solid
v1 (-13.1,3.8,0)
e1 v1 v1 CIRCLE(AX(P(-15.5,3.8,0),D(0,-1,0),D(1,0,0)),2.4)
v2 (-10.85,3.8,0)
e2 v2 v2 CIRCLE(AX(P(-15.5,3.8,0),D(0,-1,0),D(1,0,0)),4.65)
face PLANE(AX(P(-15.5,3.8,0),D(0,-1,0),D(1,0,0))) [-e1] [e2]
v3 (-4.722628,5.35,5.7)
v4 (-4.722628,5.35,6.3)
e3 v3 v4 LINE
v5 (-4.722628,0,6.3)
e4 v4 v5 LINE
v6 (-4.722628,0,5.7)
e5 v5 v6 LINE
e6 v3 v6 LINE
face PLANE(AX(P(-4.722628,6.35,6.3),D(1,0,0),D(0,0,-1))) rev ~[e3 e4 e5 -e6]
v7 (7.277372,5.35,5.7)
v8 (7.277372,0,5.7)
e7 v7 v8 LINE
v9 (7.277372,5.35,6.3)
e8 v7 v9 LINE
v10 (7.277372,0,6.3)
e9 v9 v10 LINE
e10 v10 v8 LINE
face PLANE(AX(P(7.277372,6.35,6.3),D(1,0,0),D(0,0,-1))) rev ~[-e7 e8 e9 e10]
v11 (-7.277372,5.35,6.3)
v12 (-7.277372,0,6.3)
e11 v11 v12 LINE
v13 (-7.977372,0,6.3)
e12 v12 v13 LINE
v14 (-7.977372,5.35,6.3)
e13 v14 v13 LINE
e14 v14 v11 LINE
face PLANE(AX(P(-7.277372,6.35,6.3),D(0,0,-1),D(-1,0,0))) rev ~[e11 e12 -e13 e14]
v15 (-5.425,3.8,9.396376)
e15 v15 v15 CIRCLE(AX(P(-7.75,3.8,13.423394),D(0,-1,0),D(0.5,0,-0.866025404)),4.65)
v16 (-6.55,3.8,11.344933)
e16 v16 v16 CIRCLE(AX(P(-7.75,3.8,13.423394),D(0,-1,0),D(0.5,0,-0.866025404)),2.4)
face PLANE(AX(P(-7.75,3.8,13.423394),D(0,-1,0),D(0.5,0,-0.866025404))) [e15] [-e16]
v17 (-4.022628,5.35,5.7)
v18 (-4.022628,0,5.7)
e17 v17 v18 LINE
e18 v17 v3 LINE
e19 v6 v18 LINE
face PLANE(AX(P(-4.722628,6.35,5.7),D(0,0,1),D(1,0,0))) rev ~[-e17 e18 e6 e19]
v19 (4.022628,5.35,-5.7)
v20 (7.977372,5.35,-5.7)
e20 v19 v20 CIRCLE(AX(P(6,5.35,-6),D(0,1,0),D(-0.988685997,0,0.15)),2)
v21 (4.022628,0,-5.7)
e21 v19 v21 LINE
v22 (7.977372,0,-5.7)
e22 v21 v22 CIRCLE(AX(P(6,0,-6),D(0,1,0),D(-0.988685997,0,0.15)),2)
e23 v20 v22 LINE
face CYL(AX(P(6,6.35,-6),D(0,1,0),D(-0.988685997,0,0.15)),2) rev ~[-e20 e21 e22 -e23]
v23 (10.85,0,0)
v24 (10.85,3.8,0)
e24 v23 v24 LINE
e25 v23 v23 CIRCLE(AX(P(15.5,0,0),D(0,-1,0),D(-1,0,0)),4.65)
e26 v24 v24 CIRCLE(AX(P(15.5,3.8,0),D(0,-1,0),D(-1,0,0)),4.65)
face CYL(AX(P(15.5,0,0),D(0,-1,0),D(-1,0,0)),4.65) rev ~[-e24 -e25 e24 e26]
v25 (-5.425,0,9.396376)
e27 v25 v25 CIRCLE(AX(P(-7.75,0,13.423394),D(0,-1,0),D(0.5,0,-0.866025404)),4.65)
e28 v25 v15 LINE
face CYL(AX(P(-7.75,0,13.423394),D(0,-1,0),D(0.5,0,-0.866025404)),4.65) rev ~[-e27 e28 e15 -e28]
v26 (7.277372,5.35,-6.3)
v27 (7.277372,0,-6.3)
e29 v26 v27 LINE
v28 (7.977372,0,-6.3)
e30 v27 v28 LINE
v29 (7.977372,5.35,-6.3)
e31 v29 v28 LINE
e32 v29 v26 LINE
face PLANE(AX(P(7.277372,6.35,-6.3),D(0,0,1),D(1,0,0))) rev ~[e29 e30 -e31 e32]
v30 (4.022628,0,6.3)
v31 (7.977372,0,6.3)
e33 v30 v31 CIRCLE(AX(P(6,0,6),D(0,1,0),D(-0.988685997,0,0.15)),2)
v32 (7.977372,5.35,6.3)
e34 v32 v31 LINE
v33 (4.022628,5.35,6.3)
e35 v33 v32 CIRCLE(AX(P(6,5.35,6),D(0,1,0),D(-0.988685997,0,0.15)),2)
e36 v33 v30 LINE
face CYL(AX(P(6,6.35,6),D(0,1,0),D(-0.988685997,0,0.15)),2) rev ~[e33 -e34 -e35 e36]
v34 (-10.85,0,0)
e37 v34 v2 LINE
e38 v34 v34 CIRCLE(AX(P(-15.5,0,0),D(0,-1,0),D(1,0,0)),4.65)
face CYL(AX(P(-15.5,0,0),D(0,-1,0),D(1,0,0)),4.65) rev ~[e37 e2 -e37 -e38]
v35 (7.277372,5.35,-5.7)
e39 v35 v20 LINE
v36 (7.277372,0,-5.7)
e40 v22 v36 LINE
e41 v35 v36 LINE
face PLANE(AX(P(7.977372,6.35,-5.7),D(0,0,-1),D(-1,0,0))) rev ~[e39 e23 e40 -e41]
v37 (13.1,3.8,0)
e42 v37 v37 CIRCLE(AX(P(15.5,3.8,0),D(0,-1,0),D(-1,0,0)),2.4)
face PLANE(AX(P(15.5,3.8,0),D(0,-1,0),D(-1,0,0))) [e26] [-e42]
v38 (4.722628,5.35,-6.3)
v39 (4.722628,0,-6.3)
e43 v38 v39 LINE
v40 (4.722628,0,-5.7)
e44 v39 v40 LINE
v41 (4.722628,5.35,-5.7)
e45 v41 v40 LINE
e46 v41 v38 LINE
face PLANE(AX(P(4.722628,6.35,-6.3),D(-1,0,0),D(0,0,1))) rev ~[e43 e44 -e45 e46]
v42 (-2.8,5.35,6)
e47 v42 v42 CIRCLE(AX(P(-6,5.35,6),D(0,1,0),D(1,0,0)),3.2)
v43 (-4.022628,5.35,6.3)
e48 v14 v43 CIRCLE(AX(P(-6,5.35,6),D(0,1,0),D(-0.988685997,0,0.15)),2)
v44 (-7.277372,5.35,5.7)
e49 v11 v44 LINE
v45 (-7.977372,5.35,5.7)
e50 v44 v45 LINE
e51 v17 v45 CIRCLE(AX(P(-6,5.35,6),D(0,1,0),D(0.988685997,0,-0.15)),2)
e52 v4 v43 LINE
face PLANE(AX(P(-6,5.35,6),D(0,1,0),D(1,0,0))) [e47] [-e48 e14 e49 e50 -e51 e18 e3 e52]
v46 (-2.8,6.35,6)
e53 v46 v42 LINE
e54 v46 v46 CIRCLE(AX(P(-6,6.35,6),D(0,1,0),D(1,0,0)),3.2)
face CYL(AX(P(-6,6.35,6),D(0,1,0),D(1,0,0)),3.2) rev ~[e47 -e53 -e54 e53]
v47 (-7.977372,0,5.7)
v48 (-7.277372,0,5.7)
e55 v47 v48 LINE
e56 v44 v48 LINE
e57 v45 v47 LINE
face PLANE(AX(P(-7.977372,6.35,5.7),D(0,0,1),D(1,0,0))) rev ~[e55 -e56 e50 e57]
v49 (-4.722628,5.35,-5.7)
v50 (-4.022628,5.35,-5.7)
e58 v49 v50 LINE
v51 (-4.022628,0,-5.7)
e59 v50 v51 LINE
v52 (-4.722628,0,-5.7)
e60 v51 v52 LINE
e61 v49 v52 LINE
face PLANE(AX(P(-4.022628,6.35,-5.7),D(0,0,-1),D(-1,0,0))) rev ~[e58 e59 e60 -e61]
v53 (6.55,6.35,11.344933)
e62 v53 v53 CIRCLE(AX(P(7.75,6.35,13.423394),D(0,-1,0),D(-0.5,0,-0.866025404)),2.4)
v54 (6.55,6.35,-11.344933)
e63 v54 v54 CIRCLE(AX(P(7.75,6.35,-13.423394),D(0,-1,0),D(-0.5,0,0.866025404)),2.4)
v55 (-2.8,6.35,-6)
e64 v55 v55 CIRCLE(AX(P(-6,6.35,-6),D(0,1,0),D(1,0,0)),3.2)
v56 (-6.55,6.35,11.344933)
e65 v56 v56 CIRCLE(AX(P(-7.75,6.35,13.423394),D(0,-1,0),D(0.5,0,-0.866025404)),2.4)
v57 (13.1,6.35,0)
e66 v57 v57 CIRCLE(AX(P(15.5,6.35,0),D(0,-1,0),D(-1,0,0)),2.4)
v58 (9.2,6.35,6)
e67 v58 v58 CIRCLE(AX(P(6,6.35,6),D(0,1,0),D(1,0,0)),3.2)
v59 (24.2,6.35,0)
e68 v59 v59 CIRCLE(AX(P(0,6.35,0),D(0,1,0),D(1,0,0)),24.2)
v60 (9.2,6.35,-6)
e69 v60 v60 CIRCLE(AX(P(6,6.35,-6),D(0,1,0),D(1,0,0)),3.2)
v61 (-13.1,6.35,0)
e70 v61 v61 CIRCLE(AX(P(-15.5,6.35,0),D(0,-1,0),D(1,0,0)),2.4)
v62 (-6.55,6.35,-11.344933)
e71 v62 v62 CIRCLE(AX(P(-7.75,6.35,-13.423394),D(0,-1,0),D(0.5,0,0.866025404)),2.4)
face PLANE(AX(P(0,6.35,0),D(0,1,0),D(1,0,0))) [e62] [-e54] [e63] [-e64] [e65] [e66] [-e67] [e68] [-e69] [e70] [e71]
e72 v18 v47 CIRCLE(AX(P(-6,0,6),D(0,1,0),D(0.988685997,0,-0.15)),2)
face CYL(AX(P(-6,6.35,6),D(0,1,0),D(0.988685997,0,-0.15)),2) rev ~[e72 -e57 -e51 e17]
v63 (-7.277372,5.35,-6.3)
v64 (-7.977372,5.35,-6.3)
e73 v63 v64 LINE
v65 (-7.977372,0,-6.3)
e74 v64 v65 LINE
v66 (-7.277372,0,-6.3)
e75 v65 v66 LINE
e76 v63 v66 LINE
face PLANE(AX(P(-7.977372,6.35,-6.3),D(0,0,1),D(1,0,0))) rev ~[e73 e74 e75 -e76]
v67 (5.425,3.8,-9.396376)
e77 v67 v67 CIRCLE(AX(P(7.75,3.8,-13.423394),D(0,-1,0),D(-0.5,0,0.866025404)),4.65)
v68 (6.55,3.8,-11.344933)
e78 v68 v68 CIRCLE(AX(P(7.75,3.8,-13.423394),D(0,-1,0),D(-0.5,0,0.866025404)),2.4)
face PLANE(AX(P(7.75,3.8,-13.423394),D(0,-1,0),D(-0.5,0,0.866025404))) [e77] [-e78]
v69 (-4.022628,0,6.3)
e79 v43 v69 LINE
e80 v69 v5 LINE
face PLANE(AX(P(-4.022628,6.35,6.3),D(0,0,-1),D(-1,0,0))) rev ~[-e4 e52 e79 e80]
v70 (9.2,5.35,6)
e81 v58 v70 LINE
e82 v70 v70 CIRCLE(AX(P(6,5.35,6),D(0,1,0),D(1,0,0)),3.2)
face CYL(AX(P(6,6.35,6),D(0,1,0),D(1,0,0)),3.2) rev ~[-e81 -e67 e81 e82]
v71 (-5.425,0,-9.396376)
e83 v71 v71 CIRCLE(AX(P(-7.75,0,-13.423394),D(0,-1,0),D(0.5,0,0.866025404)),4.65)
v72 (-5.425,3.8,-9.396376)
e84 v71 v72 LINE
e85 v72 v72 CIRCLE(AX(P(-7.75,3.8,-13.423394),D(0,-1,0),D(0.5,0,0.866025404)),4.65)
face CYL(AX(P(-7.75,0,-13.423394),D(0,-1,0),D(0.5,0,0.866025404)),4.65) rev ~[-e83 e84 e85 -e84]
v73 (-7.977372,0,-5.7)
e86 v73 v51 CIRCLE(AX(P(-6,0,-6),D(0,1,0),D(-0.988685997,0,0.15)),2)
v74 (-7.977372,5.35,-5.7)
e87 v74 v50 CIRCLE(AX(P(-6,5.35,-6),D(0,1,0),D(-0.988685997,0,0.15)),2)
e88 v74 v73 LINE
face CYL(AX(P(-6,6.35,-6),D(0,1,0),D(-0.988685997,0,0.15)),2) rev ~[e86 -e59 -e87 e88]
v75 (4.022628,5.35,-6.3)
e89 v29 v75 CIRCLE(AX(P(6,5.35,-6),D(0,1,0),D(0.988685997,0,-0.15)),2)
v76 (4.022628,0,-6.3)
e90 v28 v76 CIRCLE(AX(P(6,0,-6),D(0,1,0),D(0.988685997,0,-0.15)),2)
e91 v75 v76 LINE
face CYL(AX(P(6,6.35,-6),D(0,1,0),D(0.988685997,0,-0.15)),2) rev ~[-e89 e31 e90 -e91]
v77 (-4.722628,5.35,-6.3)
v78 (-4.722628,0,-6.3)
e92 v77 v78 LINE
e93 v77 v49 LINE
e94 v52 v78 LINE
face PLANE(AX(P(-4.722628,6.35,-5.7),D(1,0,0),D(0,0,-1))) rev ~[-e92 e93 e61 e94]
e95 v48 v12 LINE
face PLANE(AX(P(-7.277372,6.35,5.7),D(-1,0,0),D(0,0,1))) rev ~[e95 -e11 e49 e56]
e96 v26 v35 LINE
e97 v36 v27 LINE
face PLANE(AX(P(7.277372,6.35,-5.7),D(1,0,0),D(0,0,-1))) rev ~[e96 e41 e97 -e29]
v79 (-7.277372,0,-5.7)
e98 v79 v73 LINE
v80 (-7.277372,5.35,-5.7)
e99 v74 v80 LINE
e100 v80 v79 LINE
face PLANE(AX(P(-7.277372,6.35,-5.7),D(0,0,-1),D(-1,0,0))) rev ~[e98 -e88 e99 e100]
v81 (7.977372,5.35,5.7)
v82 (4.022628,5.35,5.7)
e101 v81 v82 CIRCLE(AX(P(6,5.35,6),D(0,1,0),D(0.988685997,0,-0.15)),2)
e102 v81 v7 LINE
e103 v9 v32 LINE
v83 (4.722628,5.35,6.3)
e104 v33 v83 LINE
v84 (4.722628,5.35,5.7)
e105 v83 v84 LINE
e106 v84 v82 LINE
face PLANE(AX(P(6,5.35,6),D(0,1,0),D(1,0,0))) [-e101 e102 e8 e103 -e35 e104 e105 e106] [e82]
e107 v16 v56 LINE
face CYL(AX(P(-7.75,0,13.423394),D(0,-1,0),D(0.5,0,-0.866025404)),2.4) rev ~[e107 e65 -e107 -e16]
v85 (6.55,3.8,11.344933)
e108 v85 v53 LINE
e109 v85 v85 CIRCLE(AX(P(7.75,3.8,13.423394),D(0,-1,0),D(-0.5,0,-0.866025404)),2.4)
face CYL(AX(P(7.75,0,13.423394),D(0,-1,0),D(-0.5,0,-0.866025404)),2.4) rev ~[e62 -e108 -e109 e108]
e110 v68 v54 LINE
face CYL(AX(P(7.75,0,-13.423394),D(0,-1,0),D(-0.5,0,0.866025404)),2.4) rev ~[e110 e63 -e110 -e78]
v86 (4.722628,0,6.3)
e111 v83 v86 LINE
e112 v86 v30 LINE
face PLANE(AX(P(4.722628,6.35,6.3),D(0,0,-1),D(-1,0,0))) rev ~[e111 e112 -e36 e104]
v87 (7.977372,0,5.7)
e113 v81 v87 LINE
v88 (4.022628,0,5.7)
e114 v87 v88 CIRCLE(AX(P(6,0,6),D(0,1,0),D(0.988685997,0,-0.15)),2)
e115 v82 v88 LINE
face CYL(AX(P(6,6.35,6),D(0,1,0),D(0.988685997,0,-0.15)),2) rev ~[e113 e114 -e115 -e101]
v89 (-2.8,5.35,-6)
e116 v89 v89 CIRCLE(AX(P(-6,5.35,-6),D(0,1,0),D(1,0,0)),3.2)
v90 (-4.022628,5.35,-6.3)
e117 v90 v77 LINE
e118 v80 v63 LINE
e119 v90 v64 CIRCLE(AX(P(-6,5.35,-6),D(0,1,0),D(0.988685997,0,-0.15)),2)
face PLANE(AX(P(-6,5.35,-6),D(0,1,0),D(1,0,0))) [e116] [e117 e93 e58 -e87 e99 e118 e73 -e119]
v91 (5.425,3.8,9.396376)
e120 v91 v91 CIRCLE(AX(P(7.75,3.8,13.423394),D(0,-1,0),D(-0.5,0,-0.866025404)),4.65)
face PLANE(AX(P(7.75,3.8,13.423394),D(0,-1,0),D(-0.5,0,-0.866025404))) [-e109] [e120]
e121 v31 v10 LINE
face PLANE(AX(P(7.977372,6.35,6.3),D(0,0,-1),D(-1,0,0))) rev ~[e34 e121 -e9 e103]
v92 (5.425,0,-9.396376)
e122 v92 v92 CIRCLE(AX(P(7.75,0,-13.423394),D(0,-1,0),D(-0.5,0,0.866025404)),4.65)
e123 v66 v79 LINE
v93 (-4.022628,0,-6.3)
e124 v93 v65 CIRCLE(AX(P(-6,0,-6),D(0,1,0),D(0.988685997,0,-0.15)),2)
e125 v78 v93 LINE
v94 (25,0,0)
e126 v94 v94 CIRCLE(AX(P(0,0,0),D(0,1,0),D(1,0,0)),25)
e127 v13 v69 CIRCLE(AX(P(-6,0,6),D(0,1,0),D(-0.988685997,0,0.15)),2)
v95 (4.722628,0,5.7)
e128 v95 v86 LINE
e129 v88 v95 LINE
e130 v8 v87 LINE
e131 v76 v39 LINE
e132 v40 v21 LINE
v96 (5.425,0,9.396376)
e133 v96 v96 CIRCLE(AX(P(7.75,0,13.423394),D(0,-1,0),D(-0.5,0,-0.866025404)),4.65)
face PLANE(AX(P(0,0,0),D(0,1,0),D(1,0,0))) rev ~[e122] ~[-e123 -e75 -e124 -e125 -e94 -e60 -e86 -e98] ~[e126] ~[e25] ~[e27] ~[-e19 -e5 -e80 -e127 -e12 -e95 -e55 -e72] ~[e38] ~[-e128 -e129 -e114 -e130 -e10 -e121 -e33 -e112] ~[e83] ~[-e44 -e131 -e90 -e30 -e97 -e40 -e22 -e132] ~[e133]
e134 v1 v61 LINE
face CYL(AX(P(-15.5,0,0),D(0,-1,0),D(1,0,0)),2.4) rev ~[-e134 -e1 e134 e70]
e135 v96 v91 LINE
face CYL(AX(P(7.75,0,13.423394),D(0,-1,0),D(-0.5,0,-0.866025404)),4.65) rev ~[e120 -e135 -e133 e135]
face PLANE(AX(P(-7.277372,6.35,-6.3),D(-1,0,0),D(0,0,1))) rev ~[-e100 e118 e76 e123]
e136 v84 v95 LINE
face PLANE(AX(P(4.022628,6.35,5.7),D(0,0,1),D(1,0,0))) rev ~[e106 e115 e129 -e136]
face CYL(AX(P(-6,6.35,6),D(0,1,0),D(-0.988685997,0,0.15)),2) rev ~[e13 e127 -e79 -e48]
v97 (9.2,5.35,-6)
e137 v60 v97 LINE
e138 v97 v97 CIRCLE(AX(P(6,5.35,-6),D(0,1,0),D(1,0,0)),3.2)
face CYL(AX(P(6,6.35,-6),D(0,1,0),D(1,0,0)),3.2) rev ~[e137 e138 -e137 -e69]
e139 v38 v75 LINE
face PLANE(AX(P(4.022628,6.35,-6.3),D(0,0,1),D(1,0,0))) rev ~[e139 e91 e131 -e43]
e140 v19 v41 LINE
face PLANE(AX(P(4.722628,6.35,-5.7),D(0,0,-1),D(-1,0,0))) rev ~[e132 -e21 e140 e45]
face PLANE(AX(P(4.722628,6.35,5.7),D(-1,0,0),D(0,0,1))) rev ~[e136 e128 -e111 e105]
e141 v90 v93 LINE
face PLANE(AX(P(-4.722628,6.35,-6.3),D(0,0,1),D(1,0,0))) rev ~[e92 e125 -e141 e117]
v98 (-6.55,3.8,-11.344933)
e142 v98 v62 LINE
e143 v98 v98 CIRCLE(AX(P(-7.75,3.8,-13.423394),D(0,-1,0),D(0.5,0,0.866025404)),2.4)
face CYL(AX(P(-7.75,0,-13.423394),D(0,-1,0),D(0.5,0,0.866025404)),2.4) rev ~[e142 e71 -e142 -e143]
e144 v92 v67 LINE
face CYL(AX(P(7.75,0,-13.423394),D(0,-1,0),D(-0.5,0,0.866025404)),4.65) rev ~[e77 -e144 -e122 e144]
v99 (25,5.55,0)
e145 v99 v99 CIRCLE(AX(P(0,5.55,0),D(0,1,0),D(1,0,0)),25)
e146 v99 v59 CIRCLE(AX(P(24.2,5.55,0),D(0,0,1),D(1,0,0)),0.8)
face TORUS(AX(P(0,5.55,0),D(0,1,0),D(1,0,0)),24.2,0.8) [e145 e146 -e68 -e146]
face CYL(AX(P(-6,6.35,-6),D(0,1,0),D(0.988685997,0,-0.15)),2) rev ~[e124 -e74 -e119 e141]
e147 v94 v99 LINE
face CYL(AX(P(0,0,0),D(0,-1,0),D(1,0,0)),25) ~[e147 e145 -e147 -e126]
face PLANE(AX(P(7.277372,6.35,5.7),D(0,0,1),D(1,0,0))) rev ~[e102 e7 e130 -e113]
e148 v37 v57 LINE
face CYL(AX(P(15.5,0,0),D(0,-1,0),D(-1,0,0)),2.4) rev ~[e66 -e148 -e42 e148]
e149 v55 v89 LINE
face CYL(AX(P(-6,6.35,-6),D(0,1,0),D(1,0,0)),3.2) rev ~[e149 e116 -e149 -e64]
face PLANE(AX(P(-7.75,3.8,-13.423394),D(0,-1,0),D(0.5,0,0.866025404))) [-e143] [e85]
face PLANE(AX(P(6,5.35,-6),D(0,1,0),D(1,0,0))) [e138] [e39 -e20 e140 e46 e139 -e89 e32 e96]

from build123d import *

# Parameters (mm, degrees)
SKETCH1_R           = 25
BOSS_EXTRUDE1_DEPTH = 6.35
SKETCH3_R           = 2.4
CUT_EXTRUDE3_DEPTH  = 7.35
SKETCH4_R           = 4.65
CUT_EXTRUDE4_DEPTH  = 3.8
CIRPATTERN3_COUNT   = 6
SKETCH5_R           = 1.25
CUT_EXTRUDE5_DEPTH  = 7.35
CUT_EXTRUDE6_DEPTH  = 7.35
SKETCH8_R           = 3.2
CUT_EXTRUDE7_DEPTH  = 1
FILLET1_R           = 0.8


with BuildPart() as part:
    # Sketch1 → Boss-Extrude1 (new body)
    with BuildSketch(Plane(origin=(0, 0, 0), x_dir=(1, 0, 0), z_dir=(0, 1, 0))):
        Circle(SKETCH1_R)
    extrude(amount=BOSS_EXTRUDE1_DEPTH)

    # Sketch3 → Cut-Extrude3 (cut, through all)
    with BuildSketch(Plane.XZ):
        with Locations((-15.5, 0)):
            Circle(SKETCH3_R)
    cut_extrude3 = extrude(amount=-CUT_EXTRUDE3_DEPTH, mode=Mode.SUBTRACT)

    # Sketch4 → Cut-Extrude4 (cut)
    with BuildSketch(Plane.XZ):
        with Locations((-15.5, 0)):
            Circle(SKETCH4_R)
    cut_extrude4 = extrude(amount=-CUT_EXTRUDE4_DEPTH, mode=Mode.SUBTRACT)

    # CirPattern3: Cut-Extrude3, Cut-Extrude4 ×6 about axis
    cirpattern3_axis = Axis((0, 0, 0), (0, 1, 0))
    for i in range(1, CIRPATTERN3_COUNT):
        add(cut_extrude3.rotate(cirpattern3_axis, i * 360 / CIRPATTERN3_COUNT), mode=Mode.SUBTRACT)
        add(cut_extrude4.rotate(cirpattern3_axis, i * 360 / CIRPATTERN3_COUNT), mode=Mode.SUBTRACT)

    # Sketch5 → Cut-Extrude5 (cut, through all)
    with BuildSketch(Plane.XZ):
        with Locations((-6, -6)):
            Circle(SKETCH5_R)
        with Locations((6, -6)):
            Circle(SKETCH5_R)
        with Locations((-6, 6)):
            Circle(SKETCH5_R)
        with Locations((6, 6)):
            Circle(SKETCH5_R)
    extrude(amount=-CUT_EXTRUDE5_DEPTH, mode=Mode.SUBTRACT)

    # Sketch7 → Cut-Extrude6 (cut, through all)
    with BuildSketch(Plane(origin=(0, 6.35, 0), x_dir=(1, 0, 0), z_dir=(0, 1, 0))):
        with BuildLine():
            Line((4.022628007, 6.3), (4.722628007, 6.3))
            Line((4.722628007, 6.3), (4.722628007, 5.7))
            Line((4.722628007, 5.7), (4.022628007, 5.7))
            ThreePointArc((4.022628007, 5.7), (6, 4), (7.977371993, 5.7))
            Line((7.977371993, 5.7), (7.277371993, 5.7))
            Line((7.277371993, 5.7), (7.277371993, 6.3))
            Line((7.277371993, 6.3), (7.977371993, 6.3))
            ThreePointArc((7.977371993, 6.3), (6, 8), (4.022628007, 6.3))
        make_face()
        with BuildLine():
            Line((-7.277371993, 6.3), (-7.277371993, 5.7))
            Line((-7.277371993, 5.7), (-7.977371993, 5.7))
            ThreePointArc((-7.977371993, 5.7), (-6, 4), (-4.022628007, 5.7))
            Line((-4.022628007, 5.7), (-4.722628007, 5.7))
            Line((-4.722628007, 5.7), (-4.722628007, 6.3))
            Line((-4.722628007, 6.3), (-4.022628007, 6.3))
            ThreePointArc((-4.022628007, 6.3), (-6, 8), (-7.977371993, 6.3))
            Line((-7.977371993, 6.3), (-7.277371993, 6.3))
        make_face()
        with BuildLine():
            Line((-4.022628007, -6.3), (-4.722628007, -6.3))
            Line((-4.722628007, -6.3), (-4.722628007, -5.7))
            Line((-4.722628007, -5.7), (-4.022628007, -5.7))
            ThreePointArc((-4.022628007, -5.7), (-6, -4), (-7.977371993, -5.7))
            Line((-7.977371993, -5.7), (-7.277371993, -5.7))
            Line((-7.277371993, -5.7), (-7.277371993, -6.3))
            Line((-7.277371993, -6.3), (-7.977371993, -6.3))
            ThreePointArc((-7.977371993, -6.3), (-6, -8), (-4.022628007, -6.3))
        make_face()
        with BuildLine():
            Line((7.277371993, -6.3), (7.277371993, -5.7))
            Line((7.277371993, -5.7), (7.977371993, -5.7))
            ThreePointArc((7.977371993, -5.7), (6, -4), (4.022628007, -5.7))
            Line((4.022628007, -5.7), (4.722628007, -5.7))
            Line((4.722628007, -5.7), (4.722628007, -6.3))
            Line((4.722628007, -6.3), (4.022628007, -6.3))
            ThreePointArc((4.022628007, -6.3), (6, -8), (7.977371993, -6.3))
            Line((7.977371993, -6.3), (7.277371993, -6.3))
        make_face()
    extrude(amount=-CUT_EXTRUDE6_DEPTH, mode=Mode.SUBTRACT)

    # Sketch8 → Cut-Extrude7 (cut)
    with BuildSketch(Plane(origin=(0, 6.35, 0), x_dir=(1, 0, 0), z_dir=(0, 1, 0))):
        with Locations((6, -6)):
            Circle(SKETCH8_R)
        with Locations((6, 6)):
            Circle(SKETCH8_R)
        with Locations((-6, 6)):
            Circle(SKETCH8_R)
        with Locations((-6, -6)):
            Circle(SKETCH8_R)
    extrude(amount=-CUT_EXTRUDE7_DEPTH, mode=Mode.SUBTRACT)

    # Fillet1
    fillet1_edges = [part.edges().sort_by_distance(p)[0] for p in [
        (-25, 6.35, 0),
    ]]
    fillet(fillet1_edges, radius=FILLET1_R)


solid = part.part
